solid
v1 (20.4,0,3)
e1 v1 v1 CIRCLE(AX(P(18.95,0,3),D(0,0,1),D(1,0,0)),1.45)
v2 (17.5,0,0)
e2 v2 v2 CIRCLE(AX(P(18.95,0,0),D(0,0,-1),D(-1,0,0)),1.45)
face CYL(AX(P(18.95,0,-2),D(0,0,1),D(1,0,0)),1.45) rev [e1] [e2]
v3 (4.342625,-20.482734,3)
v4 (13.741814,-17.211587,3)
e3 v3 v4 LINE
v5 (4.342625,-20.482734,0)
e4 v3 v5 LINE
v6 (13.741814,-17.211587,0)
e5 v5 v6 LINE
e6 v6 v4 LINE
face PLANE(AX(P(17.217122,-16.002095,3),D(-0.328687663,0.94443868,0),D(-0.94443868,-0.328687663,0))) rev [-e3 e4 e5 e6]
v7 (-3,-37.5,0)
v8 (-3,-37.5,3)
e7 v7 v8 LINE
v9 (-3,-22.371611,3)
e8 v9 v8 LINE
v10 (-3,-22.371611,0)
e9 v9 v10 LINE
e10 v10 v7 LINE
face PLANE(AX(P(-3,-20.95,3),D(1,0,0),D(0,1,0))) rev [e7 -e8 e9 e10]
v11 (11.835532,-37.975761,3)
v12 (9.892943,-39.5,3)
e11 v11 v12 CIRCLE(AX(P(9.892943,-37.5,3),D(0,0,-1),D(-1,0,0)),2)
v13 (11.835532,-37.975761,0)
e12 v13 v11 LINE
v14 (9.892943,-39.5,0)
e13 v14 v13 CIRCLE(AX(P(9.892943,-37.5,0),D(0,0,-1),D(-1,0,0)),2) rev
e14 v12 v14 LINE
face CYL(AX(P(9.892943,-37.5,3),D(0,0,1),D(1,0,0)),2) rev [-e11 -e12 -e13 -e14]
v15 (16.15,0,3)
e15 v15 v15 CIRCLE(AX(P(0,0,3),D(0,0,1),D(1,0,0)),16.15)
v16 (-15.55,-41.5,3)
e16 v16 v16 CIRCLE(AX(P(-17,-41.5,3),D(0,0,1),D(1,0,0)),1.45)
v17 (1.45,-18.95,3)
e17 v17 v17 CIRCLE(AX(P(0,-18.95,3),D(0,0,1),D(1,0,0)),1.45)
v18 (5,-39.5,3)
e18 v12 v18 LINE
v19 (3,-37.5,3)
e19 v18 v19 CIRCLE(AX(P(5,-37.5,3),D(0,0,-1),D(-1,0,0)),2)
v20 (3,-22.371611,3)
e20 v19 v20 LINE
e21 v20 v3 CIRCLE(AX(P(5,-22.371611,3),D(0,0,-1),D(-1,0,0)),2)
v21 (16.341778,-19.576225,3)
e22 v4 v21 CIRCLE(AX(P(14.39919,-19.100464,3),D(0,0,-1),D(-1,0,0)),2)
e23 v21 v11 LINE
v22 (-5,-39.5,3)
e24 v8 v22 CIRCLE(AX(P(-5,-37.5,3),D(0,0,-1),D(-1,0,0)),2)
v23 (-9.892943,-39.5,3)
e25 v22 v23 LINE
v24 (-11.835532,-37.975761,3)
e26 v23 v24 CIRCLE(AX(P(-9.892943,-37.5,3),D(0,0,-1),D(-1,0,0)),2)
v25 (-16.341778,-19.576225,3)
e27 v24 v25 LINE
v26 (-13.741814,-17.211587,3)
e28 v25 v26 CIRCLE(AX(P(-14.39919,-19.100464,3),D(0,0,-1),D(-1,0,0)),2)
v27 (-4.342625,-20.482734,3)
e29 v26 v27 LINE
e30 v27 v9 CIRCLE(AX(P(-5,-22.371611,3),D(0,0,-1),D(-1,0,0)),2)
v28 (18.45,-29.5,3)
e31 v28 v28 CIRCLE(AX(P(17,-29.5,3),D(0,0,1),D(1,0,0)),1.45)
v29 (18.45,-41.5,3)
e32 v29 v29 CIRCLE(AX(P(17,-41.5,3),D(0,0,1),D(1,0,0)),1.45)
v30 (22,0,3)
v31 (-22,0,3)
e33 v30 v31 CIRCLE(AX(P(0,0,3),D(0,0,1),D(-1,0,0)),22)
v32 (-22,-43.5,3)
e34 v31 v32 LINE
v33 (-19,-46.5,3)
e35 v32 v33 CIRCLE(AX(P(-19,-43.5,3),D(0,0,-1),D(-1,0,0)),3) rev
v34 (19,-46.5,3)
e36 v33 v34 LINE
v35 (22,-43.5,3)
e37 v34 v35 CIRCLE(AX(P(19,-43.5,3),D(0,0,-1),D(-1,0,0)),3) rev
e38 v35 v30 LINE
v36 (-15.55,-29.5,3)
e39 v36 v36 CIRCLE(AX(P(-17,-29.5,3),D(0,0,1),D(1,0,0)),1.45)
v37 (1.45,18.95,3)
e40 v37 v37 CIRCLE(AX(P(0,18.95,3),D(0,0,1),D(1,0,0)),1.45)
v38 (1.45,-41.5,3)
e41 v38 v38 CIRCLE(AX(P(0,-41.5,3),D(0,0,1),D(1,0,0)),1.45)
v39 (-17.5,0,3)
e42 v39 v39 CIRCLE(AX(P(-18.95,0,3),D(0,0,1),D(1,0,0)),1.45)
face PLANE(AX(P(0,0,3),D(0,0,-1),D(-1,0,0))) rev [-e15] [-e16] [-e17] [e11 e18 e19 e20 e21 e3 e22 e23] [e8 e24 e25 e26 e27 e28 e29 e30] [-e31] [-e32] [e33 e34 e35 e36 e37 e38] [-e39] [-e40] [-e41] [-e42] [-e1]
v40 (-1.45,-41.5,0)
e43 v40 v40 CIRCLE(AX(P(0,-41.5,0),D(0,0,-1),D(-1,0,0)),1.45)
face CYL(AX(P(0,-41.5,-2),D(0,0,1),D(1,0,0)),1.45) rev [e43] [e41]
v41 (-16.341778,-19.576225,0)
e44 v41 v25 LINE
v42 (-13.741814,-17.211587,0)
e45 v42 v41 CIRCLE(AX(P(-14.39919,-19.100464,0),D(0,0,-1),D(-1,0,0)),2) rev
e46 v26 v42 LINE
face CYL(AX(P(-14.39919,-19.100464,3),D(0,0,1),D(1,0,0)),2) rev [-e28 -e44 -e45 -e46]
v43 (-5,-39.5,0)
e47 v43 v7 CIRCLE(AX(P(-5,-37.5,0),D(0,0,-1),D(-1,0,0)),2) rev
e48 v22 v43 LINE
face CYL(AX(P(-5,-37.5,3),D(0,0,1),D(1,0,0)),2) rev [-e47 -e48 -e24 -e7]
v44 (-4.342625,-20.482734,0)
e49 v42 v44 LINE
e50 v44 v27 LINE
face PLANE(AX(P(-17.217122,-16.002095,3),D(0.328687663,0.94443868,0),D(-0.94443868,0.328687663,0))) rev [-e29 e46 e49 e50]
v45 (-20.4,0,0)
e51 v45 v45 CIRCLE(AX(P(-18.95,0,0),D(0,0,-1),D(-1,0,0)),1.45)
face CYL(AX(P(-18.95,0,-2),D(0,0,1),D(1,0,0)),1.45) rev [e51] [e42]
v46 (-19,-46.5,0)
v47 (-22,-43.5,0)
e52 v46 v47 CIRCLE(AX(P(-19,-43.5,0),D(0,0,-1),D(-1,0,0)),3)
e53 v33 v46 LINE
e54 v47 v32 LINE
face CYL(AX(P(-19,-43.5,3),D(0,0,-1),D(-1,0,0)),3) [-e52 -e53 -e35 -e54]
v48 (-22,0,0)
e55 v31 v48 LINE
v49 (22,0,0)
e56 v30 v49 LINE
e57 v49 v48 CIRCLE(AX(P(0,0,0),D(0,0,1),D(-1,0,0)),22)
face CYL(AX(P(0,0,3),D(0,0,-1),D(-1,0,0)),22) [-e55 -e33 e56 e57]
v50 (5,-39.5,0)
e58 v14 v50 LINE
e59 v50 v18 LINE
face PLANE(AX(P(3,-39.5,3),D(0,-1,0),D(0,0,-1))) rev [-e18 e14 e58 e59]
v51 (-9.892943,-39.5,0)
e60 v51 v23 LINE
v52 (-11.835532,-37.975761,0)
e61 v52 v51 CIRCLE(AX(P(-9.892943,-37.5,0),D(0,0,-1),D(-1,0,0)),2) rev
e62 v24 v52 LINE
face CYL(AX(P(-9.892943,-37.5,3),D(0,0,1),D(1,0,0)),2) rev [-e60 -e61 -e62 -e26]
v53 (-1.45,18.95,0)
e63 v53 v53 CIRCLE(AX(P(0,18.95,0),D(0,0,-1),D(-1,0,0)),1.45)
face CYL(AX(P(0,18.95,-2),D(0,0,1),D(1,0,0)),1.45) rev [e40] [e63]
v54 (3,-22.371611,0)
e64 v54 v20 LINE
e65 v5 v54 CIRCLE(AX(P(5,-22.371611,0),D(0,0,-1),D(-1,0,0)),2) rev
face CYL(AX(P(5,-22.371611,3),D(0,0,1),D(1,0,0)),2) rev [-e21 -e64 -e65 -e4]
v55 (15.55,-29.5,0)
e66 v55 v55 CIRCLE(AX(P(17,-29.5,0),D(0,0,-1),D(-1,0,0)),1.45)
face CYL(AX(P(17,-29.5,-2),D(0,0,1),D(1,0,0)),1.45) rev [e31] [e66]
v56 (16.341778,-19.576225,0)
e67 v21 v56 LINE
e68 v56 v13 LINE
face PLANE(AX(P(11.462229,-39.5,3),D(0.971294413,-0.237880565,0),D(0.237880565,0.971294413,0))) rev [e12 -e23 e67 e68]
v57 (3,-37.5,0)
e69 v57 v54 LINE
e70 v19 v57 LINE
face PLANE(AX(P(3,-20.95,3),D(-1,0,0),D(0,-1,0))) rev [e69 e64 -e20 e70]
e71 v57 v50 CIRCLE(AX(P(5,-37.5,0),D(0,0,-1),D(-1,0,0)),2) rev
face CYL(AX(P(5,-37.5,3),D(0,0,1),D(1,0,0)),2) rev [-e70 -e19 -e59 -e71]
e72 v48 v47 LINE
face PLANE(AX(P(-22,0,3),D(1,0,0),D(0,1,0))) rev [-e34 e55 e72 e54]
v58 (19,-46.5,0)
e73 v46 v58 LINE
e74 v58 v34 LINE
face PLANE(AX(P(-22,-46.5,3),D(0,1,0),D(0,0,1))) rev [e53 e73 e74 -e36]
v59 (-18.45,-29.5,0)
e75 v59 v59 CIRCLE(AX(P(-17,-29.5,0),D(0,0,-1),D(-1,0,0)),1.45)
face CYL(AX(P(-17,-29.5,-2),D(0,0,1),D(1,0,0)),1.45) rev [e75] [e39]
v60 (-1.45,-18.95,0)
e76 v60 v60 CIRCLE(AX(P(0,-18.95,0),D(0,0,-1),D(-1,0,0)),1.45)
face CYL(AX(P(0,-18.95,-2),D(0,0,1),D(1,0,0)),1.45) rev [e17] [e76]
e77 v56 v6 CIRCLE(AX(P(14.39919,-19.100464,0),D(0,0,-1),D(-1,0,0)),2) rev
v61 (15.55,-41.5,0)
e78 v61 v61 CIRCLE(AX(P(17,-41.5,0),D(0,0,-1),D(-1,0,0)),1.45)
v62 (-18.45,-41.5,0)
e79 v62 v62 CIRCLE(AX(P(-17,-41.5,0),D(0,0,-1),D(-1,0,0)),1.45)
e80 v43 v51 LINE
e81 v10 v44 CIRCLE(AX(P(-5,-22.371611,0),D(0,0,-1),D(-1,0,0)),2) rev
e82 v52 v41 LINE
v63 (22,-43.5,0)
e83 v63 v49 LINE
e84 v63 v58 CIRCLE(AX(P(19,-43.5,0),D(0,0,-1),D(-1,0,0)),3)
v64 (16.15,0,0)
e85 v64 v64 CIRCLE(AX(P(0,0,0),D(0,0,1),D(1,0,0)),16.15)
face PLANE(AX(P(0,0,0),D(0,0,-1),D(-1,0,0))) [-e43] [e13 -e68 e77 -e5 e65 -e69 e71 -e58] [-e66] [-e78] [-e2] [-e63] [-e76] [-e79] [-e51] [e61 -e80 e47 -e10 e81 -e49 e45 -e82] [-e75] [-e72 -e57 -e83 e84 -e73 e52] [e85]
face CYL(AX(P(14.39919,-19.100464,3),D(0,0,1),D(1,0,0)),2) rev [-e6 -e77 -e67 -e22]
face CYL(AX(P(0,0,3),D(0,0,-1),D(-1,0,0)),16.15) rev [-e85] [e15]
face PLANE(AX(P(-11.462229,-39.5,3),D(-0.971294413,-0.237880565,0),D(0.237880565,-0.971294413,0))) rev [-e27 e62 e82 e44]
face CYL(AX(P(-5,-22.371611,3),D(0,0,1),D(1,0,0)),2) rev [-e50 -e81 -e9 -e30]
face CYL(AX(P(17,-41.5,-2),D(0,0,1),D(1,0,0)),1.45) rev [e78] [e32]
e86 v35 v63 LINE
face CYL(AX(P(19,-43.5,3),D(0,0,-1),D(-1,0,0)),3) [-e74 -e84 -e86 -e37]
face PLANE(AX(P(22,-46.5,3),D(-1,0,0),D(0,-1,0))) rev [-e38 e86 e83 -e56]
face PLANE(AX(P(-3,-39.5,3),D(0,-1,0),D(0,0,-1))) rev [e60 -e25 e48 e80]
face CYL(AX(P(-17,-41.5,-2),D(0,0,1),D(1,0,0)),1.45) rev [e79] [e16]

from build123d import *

# Parameters (mm, degrees)
SKETCH_1_R          = 16.15
EXTRUDE_1_DEPTH     = 3
SKETCH_2_R          = 1.45
CUT_EXTRUDE_1_DEPTH = 5
FILLET_1_R          = 3
CUT_EXTRUDE_2_DEPTH = 52.529117982
FILLET_2_R          = 2


with BuildPart() as part:
    # 草图1 → 凸台-拉伸1 (new body)
    with BuildSketch(Plane.XY):
        with BuildLine():
            Line((-22, 0), (-22, -46.5))
            Line((-22, -46.5), (22, -46.5))
            Line((22, -46.5), (22, 0))
            ThreePointArc((22, 0), (0, 22), (-22, 0))
        make_face()
        Circle(SKETCH_1_R, mode=Mode.SUBTRACT)
    extrude(amount=EXTRUDE_1_DEPTH)

    # 草图2 → 切除-拉伸1 (cut)
    with BuildSketch(Plane.XY.offset(3)):
        with Locations((0, -41.5)):
            Circle(SKETCH_2_R)
        with Locations((17, -41.5)):
            Circle(SKETCH_2_R)
        with Locations((-17, -41.5)):
            Circle(SKETCH_2_R)
        with Locations((0, 18.95)):
            Circle(SKETCH_2_R)
        with Locations((18.95, 0)):
            Circle(SKETCH_2_R)
        with Locations((0, -18.95)):
            Circle(SKETCH_2_R)
        with Locations((-18.95, 0)):
            Circle(SKETCH_2_R)
        with Locations((-17, -29.5)):
            Circle(SKETCH_2_R)
        with Locations((17, -29.5)):
            Circle(SKETCH_2_R)
    extrude(amount=-CUT_EXTRUDE_1_DEPTH, mode=Mode.SUBTRACT)

    # 圆角1
    fillet_1_edges = [part.edges().sort_by_distance(p)[0] for p in [
        (22, -46.5, 1.5),
        (-22, -46.5, 1.5),
    ]]
    fillet(fillet_1_edges, radius=FILLET_1_R)

    # 草图3 → 切除-拉伸2 (cut, through all)
    with BuildSketch(Plane(origin=(0, 0, 0), x_dir=(-1, 0, 0), z_dir=(0, 0, -1))):
        Polygon((-17.217121795, -16.002095348), (-3, -20.95), (-3, -39.5), (-11.462229393, -39.5), align=None)
        Polygon((17.217121795, -16.002095348), (3, -20.95), (3, -39.5), (11.462229393, -39.5), align=None)
    extrude(amount=-CUT_EXTRUDE_2_DEPTH, mode=Mode.SUBTRACT)

    # 圆角2
    fillet_2_edges = [part.edges().sort_by_distance(p)[0] for p in [
        (11.462229393, -39.5, 1.5),
        (17.217121795, -16.002095348, 1.5),
        (3, -20.95, 1.5),
        (3, -39.5, 1.5),
        (-3, -39.5, 1.5),
        (-3, -20.95, 1.5),
        (-17.217121795, -16.002095348, 1.5),
        (-11.462229393, -39.5, 1.5),
    ]]
    fillet(fillet_2_edges, radius=FILLET_2_R)


solid = part.part
